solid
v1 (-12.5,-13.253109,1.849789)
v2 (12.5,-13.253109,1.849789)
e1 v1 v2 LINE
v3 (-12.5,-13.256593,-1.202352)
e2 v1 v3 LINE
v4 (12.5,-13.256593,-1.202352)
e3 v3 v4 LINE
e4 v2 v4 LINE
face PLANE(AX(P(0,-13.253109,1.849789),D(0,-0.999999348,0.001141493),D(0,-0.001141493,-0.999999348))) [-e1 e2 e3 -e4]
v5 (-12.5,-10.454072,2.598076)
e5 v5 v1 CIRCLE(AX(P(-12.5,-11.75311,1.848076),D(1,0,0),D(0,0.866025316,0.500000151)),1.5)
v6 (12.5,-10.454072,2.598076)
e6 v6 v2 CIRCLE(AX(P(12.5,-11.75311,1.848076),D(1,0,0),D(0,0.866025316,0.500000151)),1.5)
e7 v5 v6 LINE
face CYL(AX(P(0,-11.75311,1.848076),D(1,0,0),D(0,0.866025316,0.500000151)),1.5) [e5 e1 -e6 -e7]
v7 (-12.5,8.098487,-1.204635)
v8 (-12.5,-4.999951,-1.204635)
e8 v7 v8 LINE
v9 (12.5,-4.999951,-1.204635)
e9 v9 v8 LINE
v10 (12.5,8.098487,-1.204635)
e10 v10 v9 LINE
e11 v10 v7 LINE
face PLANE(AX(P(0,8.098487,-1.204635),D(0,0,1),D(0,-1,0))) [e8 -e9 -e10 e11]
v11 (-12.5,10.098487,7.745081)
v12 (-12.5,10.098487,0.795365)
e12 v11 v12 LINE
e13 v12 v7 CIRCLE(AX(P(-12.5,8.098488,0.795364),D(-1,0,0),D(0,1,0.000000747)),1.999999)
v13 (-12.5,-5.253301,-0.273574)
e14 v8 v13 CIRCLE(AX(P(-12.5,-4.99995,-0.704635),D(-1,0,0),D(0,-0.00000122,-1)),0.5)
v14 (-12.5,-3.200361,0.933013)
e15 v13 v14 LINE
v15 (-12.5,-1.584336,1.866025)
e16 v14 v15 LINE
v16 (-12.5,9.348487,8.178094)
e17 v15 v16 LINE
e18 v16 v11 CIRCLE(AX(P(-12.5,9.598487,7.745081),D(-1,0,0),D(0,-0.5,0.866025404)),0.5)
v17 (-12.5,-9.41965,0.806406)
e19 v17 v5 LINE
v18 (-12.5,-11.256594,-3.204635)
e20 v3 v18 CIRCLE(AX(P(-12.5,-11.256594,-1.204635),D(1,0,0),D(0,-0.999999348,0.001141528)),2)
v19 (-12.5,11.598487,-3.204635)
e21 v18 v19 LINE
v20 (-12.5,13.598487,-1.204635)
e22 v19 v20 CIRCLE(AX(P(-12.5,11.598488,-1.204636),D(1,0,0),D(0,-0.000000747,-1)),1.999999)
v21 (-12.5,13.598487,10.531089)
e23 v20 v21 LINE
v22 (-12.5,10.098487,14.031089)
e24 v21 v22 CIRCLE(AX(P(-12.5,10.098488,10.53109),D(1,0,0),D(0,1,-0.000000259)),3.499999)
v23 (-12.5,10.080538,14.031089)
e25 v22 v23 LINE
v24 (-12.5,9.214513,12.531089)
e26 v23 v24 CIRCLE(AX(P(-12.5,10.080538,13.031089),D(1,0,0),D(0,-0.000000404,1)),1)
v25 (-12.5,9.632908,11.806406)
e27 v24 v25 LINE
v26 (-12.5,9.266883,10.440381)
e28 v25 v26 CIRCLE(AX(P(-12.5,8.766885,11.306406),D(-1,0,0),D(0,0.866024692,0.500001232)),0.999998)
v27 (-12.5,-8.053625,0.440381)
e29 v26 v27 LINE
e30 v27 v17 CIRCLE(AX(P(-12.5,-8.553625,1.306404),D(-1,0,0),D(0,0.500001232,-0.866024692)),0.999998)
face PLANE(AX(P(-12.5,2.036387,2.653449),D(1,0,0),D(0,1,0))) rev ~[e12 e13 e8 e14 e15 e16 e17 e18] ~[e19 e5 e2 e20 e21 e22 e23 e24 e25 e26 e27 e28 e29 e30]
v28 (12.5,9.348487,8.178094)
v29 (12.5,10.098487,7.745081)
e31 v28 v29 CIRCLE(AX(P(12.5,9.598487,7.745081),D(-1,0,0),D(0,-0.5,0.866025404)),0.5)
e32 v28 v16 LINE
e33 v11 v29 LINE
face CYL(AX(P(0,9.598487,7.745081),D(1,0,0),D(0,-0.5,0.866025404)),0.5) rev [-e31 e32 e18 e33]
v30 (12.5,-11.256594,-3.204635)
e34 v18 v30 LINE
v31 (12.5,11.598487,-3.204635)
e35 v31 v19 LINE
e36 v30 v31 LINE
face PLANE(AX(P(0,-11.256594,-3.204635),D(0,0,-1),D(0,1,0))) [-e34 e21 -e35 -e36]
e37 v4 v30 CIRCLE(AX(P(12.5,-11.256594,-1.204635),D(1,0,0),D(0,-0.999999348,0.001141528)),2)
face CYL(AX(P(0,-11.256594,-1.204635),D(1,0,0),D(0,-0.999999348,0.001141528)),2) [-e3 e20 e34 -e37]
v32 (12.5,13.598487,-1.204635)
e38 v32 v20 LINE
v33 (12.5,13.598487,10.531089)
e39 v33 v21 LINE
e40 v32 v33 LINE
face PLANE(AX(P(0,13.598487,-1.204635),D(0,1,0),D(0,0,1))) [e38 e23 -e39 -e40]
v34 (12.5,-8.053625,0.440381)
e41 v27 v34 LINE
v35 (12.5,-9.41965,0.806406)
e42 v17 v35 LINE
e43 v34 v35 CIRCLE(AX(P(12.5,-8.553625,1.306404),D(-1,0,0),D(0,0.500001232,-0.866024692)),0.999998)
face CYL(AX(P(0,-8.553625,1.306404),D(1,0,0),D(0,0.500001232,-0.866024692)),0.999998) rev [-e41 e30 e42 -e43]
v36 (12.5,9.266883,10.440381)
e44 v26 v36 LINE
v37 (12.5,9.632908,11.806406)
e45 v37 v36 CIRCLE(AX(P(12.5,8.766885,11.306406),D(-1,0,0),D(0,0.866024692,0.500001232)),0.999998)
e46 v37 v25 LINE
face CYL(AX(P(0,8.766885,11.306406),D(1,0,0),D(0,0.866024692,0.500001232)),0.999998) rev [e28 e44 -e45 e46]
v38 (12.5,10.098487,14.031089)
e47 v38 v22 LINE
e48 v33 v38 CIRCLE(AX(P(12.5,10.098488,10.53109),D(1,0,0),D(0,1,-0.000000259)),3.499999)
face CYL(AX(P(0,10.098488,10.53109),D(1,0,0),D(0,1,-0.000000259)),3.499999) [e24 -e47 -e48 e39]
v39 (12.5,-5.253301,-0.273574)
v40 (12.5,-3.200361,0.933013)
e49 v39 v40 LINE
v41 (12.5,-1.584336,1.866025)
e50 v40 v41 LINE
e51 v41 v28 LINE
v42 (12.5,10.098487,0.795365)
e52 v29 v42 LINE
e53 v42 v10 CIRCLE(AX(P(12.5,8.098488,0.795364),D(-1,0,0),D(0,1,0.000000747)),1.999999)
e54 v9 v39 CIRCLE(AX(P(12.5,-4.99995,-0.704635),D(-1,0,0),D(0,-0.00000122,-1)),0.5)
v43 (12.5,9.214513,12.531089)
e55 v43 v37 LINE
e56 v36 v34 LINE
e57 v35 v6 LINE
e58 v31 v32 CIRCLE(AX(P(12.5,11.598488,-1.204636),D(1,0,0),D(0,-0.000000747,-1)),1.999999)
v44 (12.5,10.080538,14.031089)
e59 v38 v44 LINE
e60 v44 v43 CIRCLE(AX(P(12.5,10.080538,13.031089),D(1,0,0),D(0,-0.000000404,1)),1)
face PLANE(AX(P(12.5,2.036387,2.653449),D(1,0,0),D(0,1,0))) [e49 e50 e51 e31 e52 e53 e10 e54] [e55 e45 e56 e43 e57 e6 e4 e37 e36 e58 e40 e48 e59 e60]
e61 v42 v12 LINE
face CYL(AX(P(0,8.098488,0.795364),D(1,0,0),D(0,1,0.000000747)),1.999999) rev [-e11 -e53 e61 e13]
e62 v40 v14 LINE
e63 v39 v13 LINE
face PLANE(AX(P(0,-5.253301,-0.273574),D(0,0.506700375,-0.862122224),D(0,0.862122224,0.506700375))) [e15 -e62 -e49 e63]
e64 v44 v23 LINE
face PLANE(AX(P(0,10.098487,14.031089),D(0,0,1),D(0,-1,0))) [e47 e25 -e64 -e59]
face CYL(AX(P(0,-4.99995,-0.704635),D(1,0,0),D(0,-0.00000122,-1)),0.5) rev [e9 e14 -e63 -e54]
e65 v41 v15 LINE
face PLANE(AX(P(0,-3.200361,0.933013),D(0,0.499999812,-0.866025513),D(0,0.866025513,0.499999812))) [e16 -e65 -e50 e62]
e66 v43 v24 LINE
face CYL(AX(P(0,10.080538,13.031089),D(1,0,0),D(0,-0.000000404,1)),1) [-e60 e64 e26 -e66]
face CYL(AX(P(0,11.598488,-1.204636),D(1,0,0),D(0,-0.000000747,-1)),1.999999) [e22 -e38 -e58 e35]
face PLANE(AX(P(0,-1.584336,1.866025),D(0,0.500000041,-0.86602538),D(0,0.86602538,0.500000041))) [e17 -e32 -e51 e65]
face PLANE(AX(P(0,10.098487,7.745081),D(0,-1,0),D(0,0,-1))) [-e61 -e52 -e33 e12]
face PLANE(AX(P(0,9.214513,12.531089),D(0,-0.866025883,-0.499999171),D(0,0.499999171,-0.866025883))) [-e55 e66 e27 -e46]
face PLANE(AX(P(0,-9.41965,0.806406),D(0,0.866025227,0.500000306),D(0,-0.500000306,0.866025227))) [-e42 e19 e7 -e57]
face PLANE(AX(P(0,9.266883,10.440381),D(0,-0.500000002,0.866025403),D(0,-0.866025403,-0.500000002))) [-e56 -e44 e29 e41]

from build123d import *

# Parameters (mm, degrees)
F1_DEPTH      = 12.5
F1_DEPTH_BACK = 12.5


with BuildPart() as f1:
    # F0 (on Right) → F1 (new body, two sides)
    with BuildSketch(Plane.YZ) as f1_sk:
        with BuildLine():
            ThreePointArc((9.632908, 11.806406), (9.732809, 11.047587), (9.266883, 10.440381))
            Line((9.266883, 10.440381), (-8.053625, 0.440381))
            ThreePointArc((-8.053625, 0.440381), (-8.812444, 0.34048), (-9.41965, 0.806406))
            Line((-9.41965, 0.806406), (-10.454072, 2.598076))
            ThreePointArc((-10.454072, 2.598076), (-12.140511, 3.297186), (-13.253109, 1.849789))
            Line((-13.253109, 1.849789), (-13.256593, -1.202352))
            ThreePointArc((-13.256593, -1.202352), (-12.671615, -2.618041), (-11.256594, -3.204635))
            Line((-11.256594, -3.204635), (11.598487, -3.204635))
            ThreePointArc((11.598487, -3.204635), (13.012701, -2.618849), (13.598487, -1.204635))
            Line((13.598487, -1.204635), (13.598487, 10.531089))
            ThreePointArc((13.598487, 10.531089), (12.573361, 13.005963), (10.098487, 14.031089))
            Line((10.098487, 14.031089), (10.080538, 14.031089))
            ThreePointArc((10.080538, 14.031089), (9.214513, 13.531089), (9.214513, 12.531089))
            Line((9.214513, 12.531089), (9.632908, 11.806406))
        make_face()
        with BuildLine():
            Line((10.098487, 7.745081), (10.098487, 0.795365))
            ThreePointArc((10.098487, 0.795365), (9.512701, -0.618849), (8.098487, -1.204635))
            Line((8.098487, -1.204635), (-4.999951, -1.204635))
            ThreePointArc((-4.999951, -1.204635), (-5.482408, -0.835916), (-5.253301, -0.273574))
            Line((-5.253301, -0.273574), (-3.200361, 0.933013))
            Line((-3.200361, 0.933013), (-1.584336, 1.866025))
            Line((-1.584336, 1.866025), (9.348487, 8.178094))
            ThreePointArc((9.348487, 8.178094), (9.848487, 8.178094), (10.098487, 7.745081))
        make_face(mode=Mode.SUBTRACT)
    extrude(amount=F1_DEPTH)
    extrude(f1_sk.sketch, amount=-F1_DEPTH_BACK)


solid = f1.part
